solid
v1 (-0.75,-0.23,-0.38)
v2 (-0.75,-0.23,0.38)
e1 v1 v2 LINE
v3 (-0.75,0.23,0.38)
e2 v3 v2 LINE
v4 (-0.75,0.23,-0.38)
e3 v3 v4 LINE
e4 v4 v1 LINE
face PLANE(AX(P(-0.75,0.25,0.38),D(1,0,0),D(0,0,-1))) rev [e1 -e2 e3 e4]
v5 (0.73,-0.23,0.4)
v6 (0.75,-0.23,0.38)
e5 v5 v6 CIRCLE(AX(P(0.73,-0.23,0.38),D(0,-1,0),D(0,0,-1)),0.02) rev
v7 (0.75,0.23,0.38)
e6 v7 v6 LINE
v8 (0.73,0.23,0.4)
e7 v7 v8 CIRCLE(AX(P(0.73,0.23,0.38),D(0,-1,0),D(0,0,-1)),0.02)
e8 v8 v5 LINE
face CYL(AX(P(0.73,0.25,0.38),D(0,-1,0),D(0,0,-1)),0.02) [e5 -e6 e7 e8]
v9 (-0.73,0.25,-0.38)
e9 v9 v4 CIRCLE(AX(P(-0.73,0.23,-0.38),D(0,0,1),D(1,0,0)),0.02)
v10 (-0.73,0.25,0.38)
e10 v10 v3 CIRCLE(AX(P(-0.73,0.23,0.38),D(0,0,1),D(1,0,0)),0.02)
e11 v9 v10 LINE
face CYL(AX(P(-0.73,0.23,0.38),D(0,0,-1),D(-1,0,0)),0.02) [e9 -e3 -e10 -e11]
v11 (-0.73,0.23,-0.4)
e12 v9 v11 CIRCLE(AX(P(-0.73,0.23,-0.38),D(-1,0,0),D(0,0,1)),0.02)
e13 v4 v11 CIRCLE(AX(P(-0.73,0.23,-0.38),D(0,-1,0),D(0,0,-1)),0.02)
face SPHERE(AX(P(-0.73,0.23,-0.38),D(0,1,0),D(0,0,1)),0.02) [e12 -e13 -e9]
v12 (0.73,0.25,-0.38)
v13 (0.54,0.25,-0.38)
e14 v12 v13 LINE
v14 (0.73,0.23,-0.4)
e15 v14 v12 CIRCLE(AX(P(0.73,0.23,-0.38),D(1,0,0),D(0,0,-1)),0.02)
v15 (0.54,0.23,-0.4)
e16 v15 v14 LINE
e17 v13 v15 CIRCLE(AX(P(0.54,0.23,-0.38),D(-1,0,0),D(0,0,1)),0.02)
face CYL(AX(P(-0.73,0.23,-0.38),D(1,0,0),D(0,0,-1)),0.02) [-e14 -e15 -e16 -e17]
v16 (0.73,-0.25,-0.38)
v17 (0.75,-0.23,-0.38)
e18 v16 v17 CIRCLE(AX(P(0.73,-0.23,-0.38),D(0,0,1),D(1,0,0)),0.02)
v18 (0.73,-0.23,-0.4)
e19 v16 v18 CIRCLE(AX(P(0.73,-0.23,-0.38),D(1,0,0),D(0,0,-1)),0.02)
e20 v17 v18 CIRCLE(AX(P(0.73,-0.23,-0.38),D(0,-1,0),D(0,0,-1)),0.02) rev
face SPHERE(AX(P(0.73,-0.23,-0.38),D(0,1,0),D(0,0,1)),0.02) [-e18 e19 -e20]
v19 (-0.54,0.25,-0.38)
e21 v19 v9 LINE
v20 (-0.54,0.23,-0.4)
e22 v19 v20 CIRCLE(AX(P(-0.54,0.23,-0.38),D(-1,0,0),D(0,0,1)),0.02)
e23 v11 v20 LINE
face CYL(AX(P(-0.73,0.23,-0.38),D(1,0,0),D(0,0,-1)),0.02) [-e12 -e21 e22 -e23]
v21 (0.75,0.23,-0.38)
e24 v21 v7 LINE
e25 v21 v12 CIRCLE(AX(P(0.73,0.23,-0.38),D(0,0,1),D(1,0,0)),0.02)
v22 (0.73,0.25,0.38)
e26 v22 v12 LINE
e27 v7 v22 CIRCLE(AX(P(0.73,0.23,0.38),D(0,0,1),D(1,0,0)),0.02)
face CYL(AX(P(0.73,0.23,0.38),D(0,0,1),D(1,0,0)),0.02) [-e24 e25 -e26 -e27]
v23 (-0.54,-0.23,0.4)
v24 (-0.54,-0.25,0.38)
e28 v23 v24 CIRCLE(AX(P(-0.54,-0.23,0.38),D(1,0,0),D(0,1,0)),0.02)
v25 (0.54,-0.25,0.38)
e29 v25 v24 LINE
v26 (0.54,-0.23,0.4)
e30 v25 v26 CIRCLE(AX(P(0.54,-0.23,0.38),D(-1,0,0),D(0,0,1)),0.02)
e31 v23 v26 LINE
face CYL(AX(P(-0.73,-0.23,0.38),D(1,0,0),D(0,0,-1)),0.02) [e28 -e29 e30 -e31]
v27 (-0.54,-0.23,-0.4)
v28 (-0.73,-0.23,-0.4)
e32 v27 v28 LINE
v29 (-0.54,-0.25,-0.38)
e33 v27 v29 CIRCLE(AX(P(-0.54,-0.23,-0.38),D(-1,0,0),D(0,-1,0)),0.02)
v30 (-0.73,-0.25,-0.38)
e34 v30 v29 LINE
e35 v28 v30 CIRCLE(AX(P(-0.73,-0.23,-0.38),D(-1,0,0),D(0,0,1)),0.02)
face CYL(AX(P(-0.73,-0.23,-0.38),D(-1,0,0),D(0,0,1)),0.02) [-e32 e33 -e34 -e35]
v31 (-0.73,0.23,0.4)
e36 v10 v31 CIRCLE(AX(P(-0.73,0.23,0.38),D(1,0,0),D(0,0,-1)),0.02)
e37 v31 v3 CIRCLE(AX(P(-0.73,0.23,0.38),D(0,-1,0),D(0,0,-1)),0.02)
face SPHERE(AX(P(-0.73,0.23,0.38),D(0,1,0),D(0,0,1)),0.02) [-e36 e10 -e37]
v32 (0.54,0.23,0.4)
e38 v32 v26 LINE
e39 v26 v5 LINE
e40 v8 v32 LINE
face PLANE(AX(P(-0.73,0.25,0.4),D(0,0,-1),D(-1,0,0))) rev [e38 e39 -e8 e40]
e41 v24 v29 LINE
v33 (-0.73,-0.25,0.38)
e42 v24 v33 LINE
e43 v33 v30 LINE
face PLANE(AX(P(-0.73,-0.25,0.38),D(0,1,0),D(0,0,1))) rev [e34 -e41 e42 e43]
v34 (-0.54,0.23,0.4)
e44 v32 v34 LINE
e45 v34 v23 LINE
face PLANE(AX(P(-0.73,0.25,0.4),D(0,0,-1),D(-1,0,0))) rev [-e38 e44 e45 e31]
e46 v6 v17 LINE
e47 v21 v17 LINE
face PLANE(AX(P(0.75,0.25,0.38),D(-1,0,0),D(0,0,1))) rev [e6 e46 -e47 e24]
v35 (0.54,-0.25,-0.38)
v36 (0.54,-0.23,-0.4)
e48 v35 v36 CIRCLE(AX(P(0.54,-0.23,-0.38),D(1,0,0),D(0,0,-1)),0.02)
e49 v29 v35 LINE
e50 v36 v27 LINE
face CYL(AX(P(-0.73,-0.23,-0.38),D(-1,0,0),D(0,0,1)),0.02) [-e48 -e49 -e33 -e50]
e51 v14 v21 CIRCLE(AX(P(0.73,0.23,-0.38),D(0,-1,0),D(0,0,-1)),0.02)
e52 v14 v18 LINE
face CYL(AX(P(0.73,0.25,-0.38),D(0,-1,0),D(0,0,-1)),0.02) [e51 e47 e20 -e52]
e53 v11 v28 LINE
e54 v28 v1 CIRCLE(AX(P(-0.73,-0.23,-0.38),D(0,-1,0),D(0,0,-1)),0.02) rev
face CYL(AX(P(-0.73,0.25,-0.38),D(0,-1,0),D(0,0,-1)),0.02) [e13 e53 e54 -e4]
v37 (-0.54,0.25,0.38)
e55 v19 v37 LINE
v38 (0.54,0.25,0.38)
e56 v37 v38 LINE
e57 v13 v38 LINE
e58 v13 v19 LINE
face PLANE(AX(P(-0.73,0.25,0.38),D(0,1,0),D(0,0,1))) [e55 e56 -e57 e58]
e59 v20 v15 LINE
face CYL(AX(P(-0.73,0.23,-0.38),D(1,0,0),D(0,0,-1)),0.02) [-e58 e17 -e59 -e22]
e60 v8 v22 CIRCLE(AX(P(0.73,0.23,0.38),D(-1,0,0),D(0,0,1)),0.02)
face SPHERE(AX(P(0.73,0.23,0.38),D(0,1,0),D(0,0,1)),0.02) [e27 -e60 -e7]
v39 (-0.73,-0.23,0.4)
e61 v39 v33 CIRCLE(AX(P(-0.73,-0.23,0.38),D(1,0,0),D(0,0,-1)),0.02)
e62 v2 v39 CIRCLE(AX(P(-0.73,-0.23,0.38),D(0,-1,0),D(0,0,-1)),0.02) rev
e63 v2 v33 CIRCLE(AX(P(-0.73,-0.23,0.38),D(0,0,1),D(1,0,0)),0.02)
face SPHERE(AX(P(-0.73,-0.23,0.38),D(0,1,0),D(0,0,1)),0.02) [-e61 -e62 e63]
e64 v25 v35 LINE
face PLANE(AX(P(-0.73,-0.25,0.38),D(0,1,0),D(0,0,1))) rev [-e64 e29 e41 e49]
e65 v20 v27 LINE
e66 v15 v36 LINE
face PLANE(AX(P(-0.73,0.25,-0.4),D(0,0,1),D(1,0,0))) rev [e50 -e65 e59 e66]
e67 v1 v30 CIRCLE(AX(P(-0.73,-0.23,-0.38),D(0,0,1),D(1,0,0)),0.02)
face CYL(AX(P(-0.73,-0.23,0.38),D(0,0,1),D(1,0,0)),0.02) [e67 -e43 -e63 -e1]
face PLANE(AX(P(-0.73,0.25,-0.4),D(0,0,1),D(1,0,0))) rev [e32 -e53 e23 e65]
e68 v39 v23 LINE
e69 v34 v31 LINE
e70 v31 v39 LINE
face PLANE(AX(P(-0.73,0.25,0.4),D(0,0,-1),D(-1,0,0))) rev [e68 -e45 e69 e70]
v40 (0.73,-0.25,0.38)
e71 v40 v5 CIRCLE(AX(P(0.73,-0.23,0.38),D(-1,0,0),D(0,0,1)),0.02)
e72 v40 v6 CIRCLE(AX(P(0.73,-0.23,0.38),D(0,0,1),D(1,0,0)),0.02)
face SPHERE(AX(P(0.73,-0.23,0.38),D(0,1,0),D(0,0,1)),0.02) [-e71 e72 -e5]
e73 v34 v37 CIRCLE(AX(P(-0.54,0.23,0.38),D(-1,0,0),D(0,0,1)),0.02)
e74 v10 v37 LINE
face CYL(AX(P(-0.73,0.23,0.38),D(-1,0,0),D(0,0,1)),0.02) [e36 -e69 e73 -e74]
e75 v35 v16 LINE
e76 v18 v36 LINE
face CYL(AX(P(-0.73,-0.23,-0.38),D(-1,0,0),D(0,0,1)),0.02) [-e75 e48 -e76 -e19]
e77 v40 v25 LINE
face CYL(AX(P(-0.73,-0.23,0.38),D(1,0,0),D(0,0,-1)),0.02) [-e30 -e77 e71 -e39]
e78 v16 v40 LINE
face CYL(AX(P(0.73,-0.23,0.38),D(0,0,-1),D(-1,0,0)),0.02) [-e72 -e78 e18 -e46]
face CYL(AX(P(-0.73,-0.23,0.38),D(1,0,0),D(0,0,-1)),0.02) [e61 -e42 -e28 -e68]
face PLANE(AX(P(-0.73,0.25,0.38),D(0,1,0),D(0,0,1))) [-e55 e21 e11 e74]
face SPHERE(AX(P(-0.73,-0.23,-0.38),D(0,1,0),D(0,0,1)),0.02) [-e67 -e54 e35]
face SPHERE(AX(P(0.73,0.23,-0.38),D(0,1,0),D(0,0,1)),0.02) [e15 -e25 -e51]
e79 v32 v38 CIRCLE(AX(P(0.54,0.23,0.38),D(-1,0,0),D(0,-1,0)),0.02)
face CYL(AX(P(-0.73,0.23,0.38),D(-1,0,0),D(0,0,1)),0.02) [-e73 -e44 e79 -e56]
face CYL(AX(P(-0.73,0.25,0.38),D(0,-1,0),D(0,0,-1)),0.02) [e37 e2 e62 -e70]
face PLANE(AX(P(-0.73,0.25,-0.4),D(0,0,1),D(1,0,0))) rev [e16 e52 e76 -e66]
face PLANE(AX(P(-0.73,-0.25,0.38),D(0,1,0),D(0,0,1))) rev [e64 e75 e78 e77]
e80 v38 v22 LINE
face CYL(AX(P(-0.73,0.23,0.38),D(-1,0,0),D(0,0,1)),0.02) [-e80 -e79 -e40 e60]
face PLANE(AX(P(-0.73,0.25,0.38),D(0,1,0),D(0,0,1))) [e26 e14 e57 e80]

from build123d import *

# Parameters (mm, degrees)
BOSS_EXTRUDE1_DEPTH = 0.25
FILLET2_R           = 0.02


with BuildPart() as part:
    # Sketch1 → Boss-Extrude1 (new, symmetric)
    with BuildSketch(Plane(origin=(0, 0, 0), x_dir=(1, 0, 0), z_dir=(0, 1, 0))):
        with BuildLine():
            Line((-0.73, -0.4), (0.73, -0.4))
            ThreePointArc((0.73, -0.4), (0.744142136, -0.394142136), (0.75, -0.38))
            Line((0.75, -0.38), (0.75, 0.38))
            ThreePointArc((0.75, 0.38), (0.744142136, 0.394142136), (0.73, 0.4))
            Line((0.73, 0.4), (-0.73, 0.4))
            ThreePointArc((-0.73, 0.4), (-0.744142136, 0.394142136), (-0.75, 0.38))
            Line((-0.75, 0.38), (-0.75, -0.38))
            ThreePointArc((-0.75, -0.38), (-0.744142136, -0.394142136), (-0.73, -0.4))
        make_face()
    extrude(amount=BOSS_EXTRUDE1_DEPTH, both=True)

    # Fillet2
    fillet2_edges = [part.edges().sort_by_distance(p)[0] for p in [
        (0.744142136, 0.25, 0.394142136),
        (0, -0.25, 0.4),
        (-0.744142136, -0.25, 0.394142136),
        (0.75, 0.25, 0),
        (0.744142136, 0.25, -0.394142136),
        (0, 0.25, -0.4),
        (-0.744142136, 0.25, -0.394142136),
        (-0.75, 0.25, 0),
        (0, 0.25, 0.4),
        (0, 0.25, -0.4),
        (0, 0.25, -0.4),
        (0, 0.25, 0.4),
        (0, -0.25, 0.4),
        (0, -0.25, 0.4),
        (0, -0.25, -0.4),
        (0, -0.25, -0.4),
        (-0.744142136, 0.25, 0.394142136),
        (0, 0.25, 0.4),
        (-0.75, -0.25, 0),
        (-0.744142136, -0.25, -0.394142136),
        (0, -0.25, -0.4),
        (0.744142136, -0.25, -0.394142136),
        (0.75, -0.25, 0),
        (0.744142136, -0.25, 0.394142136),
    ]]
    fillet(fillet2_edges, radius=FILLET2_R)


solid = part.part
